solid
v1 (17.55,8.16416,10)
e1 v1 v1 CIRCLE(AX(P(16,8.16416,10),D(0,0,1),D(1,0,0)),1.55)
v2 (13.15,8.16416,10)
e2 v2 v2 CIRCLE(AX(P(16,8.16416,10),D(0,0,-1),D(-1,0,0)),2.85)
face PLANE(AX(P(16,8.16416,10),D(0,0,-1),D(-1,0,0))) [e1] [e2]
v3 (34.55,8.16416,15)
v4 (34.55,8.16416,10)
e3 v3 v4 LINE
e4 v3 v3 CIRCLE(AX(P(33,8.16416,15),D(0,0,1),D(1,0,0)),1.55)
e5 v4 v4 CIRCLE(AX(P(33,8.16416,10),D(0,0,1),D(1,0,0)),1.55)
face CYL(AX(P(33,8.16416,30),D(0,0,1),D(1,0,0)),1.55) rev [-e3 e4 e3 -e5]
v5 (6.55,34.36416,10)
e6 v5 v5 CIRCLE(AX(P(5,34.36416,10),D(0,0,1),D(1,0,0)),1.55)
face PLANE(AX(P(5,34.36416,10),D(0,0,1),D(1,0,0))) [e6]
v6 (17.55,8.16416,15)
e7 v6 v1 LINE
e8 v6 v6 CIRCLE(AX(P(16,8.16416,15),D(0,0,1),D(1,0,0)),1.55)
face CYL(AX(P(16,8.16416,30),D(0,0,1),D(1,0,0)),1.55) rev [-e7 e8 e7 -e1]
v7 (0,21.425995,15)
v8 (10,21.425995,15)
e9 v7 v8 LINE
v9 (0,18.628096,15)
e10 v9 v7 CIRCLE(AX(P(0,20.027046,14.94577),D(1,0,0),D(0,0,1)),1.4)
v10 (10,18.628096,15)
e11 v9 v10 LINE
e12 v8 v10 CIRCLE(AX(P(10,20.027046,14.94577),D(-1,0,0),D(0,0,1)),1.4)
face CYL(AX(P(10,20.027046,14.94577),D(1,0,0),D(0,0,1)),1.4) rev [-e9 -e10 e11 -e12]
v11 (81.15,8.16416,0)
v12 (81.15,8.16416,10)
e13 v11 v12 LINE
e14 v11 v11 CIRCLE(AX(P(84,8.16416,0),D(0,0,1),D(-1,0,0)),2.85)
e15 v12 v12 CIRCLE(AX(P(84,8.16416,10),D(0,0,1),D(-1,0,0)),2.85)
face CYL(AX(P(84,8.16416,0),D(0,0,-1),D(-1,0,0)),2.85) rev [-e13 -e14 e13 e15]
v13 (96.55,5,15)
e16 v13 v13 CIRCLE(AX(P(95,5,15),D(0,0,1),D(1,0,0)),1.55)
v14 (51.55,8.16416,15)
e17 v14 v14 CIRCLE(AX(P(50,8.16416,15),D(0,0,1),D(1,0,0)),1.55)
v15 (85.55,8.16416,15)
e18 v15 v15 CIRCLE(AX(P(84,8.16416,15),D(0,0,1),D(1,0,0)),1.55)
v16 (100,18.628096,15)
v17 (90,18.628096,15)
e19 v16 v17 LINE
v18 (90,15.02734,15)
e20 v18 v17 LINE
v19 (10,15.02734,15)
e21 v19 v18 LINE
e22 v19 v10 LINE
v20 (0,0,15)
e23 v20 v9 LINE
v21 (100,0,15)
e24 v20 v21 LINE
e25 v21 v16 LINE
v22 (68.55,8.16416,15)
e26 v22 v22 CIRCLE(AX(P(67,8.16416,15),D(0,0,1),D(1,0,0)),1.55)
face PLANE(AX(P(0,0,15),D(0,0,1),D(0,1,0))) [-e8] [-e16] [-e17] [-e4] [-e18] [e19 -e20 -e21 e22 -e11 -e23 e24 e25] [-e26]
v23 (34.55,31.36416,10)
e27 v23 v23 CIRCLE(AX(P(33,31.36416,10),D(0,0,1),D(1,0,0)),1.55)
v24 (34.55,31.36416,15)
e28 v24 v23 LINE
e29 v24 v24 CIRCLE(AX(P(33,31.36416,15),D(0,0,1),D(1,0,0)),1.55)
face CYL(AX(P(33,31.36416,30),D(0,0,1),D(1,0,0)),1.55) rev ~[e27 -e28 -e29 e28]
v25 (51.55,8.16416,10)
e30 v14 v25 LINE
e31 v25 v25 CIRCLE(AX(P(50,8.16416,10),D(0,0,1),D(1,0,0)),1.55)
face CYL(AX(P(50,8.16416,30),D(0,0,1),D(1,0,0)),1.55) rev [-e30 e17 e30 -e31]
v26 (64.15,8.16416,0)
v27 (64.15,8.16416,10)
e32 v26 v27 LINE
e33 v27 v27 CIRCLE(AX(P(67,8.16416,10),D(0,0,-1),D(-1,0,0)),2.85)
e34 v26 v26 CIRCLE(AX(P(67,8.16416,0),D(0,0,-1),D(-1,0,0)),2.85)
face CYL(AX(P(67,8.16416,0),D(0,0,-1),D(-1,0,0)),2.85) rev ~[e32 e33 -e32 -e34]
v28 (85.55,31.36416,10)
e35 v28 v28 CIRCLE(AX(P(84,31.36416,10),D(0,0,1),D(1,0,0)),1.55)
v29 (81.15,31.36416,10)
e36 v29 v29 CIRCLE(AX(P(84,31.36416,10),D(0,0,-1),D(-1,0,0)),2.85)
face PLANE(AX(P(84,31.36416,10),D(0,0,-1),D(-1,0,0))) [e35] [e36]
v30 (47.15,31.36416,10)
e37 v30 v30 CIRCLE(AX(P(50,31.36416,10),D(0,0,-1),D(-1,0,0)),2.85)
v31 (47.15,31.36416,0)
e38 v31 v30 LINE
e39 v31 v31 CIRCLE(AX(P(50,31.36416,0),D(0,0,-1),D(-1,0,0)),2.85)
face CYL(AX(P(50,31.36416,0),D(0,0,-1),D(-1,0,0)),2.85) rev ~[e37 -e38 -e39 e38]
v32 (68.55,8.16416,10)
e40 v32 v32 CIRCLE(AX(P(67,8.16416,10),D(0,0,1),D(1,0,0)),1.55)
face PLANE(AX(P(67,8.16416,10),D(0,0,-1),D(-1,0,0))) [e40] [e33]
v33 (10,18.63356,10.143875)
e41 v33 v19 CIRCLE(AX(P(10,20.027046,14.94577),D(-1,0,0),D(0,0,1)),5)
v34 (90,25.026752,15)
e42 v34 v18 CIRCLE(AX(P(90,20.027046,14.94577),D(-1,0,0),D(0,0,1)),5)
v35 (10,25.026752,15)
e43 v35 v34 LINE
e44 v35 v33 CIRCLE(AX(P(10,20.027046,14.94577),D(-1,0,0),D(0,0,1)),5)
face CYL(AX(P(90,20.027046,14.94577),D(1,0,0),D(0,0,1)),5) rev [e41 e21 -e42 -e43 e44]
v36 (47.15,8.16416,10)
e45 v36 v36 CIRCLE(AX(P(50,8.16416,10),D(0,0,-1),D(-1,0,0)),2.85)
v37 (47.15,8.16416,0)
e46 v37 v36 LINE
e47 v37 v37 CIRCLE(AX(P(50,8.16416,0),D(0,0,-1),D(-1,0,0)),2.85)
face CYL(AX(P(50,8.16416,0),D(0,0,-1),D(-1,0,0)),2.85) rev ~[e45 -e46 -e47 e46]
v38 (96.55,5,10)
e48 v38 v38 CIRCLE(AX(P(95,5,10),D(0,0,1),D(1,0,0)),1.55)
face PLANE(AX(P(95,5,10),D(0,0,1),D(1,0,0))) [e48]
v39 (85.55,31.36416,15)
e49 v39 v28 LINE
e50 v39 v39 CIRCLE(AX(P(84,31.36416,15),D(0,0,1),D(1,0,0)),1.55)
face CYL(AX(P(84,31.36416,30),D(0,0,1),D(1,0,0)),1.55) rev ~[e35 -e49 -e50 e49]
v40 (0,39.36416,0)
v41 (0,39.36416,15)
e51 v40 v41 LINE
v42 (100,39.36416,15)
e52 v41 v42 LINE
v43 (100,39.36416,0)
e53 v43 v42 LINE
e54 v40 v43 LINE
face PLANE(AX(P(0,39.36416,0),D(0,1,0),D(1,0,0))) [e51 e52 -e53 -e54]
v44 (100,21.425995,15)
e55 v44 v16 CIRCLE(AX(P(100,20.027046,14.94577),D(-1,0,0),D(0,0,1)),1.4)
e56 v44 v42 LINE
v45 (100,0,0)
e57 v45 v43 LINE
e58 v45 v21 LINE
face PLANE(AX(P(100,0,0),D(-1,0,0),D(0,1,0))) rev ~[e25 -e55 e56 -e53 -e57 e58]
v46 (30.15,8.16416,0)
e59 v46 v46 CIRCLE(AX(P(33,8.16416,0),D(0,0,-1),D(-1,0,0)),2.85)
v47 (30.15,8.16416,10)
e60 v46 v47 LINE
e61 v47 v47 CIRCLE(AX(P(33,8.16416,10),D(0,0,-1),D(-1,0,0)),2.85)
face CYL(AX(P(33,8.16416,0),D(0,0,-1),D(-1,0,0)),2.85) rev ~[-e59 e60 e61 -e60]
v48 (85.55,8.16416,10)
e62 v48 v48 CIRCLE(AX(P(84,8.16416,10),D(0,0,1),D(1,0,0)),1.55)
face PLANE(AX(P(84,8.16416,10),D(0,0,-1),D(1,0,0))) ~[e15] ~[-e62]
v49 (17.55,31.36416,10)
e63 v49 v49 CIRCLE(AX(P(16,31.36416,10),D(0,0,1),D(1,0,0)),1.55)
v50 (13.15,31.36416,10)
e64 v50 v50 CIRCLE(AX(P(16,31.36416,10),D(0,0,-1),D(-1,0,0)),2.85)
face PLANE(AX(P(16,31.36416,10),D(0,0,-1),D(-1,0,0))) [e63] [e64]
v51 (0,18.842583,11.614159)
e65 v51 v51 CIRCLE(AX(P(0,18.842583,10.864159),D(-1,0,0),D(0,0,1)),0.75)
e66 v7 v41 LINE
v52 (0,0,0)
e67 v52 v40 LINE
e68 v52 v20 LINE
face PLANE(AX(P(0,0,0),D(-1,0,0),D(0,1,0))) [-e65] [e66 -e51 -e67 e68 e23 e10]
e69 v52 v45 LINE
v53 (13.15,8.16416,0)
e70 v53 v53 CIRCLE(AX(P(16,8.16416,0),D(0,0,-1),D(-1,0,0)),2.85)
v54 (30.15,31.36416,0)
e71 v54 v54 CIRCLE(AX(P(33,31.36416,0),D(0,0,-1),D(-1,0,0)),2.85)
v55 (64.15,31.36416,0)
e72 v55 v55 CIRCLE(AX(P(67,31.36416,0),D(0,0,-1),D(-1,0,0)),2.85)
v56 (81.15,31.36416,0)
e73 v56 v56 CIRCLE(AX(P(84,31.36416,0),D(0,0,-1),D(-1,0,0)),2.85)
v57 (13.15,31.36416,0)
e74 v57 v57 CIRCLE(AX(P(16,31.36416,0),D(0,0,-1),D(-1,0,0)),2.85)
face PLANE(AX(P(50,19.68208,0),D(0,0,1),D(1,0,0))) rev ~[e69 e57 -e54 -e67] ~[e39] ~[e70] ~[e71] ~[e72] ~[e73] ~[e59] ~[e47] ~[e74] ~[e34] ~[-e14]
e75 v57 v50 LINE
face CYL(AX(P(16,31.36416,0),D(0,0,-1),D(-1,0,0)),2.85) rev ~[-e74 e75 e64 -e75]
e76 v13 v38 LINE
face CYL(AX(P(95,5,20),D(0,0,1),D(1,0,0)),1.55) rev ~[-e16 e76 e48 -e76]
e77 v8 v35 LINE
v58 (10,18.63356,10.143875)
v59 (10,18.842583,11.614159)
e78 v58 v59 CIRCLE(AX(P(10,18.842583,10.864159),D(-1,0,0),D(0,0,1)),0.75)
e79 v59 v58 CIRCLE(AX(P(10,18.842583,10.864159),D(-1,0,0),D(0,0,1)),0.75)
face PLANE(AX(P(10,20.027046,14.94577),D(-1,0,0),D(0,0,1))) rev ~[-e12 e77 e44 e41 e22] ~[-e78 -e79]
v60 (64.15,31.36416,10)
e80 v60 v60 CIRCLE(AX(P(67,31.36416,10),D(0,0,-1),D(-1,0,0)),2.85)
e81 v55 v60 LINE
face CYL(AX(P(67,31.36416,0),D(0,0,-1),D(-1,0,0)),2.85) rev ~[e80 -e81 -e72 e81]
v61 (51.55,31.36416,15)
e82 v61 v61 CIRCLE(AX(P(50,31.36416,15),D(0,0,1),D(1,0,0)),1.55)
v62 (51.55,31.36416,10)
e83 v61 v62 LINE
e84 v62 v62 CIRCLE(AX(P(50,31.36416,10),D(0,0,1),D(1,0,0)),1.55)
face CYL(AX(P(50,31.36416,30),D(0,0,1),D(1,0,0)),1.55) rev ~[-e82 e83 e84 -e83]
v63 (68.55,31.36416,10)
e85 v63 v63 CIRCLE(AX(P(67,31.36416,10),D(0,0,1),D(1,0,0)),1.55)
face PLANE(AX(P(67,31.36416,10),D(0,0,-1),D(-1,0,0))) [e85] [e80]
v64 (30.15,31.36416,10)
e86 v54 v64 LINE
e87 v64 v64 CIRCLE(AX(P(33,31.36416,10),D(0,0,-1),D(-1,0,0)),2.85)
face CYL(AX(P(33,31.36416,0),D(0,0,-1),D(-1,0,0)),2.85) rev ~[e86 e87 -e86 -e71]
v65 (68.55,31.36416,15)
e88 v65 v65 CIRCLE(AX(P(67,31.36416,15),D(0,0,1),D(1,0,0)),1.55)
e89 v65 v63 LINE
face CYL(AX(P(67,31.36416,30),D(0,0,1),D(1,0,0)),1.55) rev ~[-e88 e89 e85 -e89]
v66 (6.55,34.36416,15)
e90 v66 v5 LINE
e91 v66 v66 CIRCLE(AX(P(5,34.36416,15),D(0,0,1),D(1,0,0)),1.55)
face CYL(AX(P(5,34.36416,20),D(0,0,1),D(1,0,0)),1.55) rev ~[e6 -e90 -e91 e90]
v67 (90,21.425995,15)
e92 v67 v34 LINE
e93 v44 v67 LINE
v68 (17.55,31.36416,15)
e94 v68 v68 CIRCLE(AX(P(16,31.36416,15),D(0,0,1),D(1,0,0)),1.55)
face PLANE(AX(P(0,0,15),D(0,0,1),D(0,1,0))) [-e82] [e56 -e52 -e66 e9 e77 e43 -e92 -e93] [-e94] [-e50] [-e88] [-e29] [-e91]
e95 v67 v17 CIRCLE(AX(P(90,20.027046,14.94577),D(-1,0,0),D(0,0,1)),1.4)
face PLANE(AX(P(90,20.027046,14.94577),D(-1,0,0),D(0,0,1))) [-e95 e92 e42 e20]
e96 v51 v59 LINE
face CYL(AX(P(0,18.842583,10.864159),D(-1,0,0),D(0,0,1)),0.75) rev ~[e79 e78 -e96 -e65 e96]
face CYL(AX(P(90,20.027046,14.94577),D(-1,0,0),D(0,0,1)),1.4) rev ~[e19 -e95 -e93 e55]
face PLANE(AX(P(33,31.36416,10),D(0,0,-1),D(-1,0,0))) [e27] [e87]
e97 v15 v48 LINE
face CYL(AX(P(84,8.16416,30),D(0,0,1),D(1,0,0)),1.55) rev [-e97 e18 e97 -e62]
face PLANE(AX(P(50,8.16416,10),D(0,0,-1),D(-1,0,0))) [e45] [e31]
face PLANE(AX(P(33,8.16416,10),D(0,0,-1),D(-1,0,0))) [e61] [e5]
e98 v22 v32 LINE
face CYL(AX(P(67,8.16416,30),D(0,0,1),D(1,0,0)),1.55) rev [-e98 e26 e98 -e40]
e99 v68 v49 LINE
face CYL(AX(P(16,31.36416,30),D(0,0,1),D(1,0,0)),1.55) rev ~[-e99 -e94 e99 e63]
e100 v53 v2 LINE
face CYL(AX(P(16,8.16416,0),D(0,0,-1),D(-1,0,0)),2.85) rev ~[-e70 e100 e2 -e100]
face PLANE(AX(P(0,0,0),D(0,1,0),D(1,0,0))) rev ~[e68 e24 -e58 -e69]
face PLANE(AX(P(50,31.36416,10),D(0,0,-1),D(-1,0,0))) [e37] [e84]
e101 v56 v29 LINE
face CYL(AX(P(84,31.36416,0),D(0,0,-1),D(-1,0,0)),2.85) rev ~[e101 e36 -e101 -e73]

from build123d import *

# Parameters (mm, degrees)
SKIZZE2_W                            = 100
SKIZZE2_H                            = 39.364160046
AUFSATZ_LINEAR_AUSTRAGEN1_DEPTH      = 30
SCHNITT_LINEAR_AUSTRAGEN1_DEPTH      = 40
SCHNITT_LINEAR_AUSTRAGEN1_DEPTH_BACK = 40
SKIZZE10_R                           = 5
SKIZZE17_R                           = 1.4
SCHNITT_LINEAR_AUSTRAGEN2_DEPTH      = 103.710939516
SKIZZE24_R                           = 1.55
SCHNITT_LINEAR_AUSTRAGEN4_DEPTH      = 112.577493681
SKIZZE37_R                           = 0.736865544
SCHNITT_LINEAR_AUSTRAGEN9_DEPTH      = 112.577493681
SKIZZE40_R                           = 2.1
SCHNITT_LINEAR_AUSTRAGEN10_DEPTH     = 6
SKIZZE42_R                           = 0.75
SCHNITT_LINEAR_AUSTRAGEN12_DEPTH     = 10
VERRUNDUNG1_R                        = 1
SKIZZE46_R                           = 2.85
SCHNITT_LINEAR_AUSTRAGEN15_DEPTH     = 10
SCHNITT_LINEAR_START                 = -5
SCHNITT_LINEAR_AUSTRAGEN25_DEPTH     = 2.7
LINEARES_MUSTER1_COUNT               = 5
LINEARES_MUSTER1_PITCH               = 17
SPIEGELN2_COPY_1_SKETCH_R            = 2.85
SPIEGELN2_COPY_1_DEPTH               = 10
SPIEGELN2_COPY_2_SKETCH_R            = 2.85
SPIEGELN2_COPY_2_DEPTH               = 10
SPIEGELN2_COPY_3_SKETCH_R            = 2.85
SPIEGELN2_COPY_3_DEPTH               = 10
SPIEGELN2_COPY_4_SKETCH_R            = 2.85
SPIEGELN2_COPY_4_DEPTH               = 10
SPIEGELN2_START                      = -5
SPIEGELN2_COPY_5_DEPTH               = 2.7
SPIEGELN2_COPY_6_DEPTH               = 2.7
SPIEGELN2_COPY_7_DEPTH               = 2.7
SPIEGELN2_COPY_8_DEPTH               = 2.7
SCHNITT_LINEAR_START_2               = -10
SKIZZE51_R                           = 1.55
SCHNITT_LINEAR_AUSTRAGEN26_DEPTH     = 10
SKIZZE52_W                           = 15
SKIZZE52_H                           = 39.364160046
SCHNITT_LINEAR_AUSTRAGEN27_DEPTH     = 112.577493681


with BuildPart() as part:
    # Skizze2 → Aufsatz-Linear austragen1 (new body)
    with BuildSketch(Plane.XY):
        with Locations((50, 19.682080023)):
            Rectangle(SKIZZE2_W, SKIZZE2_H)
    extrude(amount=AUFSATZ_LINEAR_AUSTRAGEN1_DEPTH)

    # Skizze10 → Schnitt-Linear austragen1 (cut, two sides: drawn at the far end of the back side and taken through both)
    with BuildSketch(Plane.ZY.offset(-50).offset(-SCHNITT_LINEAR_AUSTRAGEN1_DEPTH_BACK)):
        with Locations((14.945770016, 20.027045739)):
            Circle(SKIZZE10_R)
    extrude(amount=SCHNITT_LINEAR_AUSTRAGEN1_DEPTH + SCHNITT_LINEAR_AUSTRAGEN1_DEPTH_BACK, mode=Mode.SUBTRACT)

    # Skizze17 → Schnitt-Linear austragen2 (cut, through all)
    with BuildSketch(Plane.ZY.offset(-90)):
        with Locations((14.945770016, 20.027045739)):
            Circle(SKIZZE17_R)
    schnitt_linear_austragen2 = extrude(amount=-SCHNITT_LINEAR_AUSTRAGEN2_DEPTH, mode=Mode.SUBTRACT)

    # Spiegeln1: Schnitt-Linear austragen2 across plane
    add(schnitt_linear_austragen2.mirror(Plane.ZY.offset(-50)), mode=Mode.SUBTRACT)

    # Skizze24 → Schnitt-Linear austragen4 (cut, through all)
    with BuildSketch(Plane.XY.offset(30)):
        with Locations((16, 31.364160046)):
            Circle(SKIZZE24_R)
        with Locations((33, 31.364160046)):
            Circle(SKIZZE24_R)
        with Locations((50, 31.364160046)):
            Circle(SKIZZE24_R)
        with Locations((67, 31.364160046)):
            Circle(SKIZZE24_R)
        with Locations((84, 31.364160046)):
            Circle(SKIZZE24_R)
    schnitt_linear_austragen4 = extrude(amount=-SCHNITT_LINEAR_AUSTRAGEN4_DEPTH, mode=Mode.SUBTRACT)

    # Skizze37 → Schnitt-Linear austragen9 (cut, through all)
    with BuildSketch(Plane(origin=(100, 0, 0), x_dir=(0, 0, -1), z_dir=(1, 0, 0))):
        with Locations((-18.924590299, 18.633559666)):
            Circle(SKIZZE37_R)
    extrude(amount=-SCHNITT_LINEAR_AUSTRAGEN9_DEPTH, mode=Mode.SUBTRACT)

    # Skizze40 → Schnitt-Linear austragen10 (cut)
    with BuildSketch(Plane(origin=(100, 0, 0), x_dir=(0, 0, -1), z_dir=(1, 0, 0))):
        with Locations((-18.924590299, 18.633559666)):
            Circle(SKIZZE40_R)
    extrude(amount=-SCHNITT_LINEAR_AUSTRAGEN10_DEPTH, mode=Mode.SUBTRACT)

    # Skizze42 → Schnitt-Linear austragen12 (cut)
    with BuildSketch(Plane.ZY):
        with Locations((10.86415918, 18.842582577)):
            Circle(SKIZZE42_R)
    extrude(amount=-SCHNITT_LINEAR_AUSTRAGEN12_DEPTH, mode=Mode.SUBTRACT)

    # Verrundung1
    verrundung1_edges = [part.edges().sort_by_distance(p)[0] for p in [
        (94, 18.633559666, 19.661455843),
    ]]
    fillet(verrundung1_edges, radius=VERRUNDUNG1_R)

    # Skizze46 → Schnitt-Linear austragen15 (cut)
    with BuildSketch(Plane(origin=(0, 0, 0), x_dir=(-1, 0, 0), z_dir=(0, 0, -1))):
        with Locations((-84, 31.364160046)):
            Circle(SKIZZE46_R)
    schnitt_linear_austragen15 = extrude(amount=-SCHNITT_LINEAR_AUSTRAGEN15_DEPTH, mode=Mode.SUBTRACT)

    # Skizze50 → Schnitt-Linear austragen25 (cut)
    with BuildSketch(Plane.XY.offset(30).offset(SCHNITT_LINEAR_START)):
        Polygon((81.15, 33.009608314), (81.15, 39.364160046), (86.85, 39.364160046), (86.85, 33.009608314), (86.85, 29.718711779), (84, 28.073263512), (81.15, 29.718711779), align=None)
    schnitt_linear_austragen25 = extrude(amount=-SCHNITT_LINEAR_AUSTRAGEN25_DEPTH, mode=Mode.SUBTRACT)

    # Lineares Muster1: Schnitt-Linear austragen15, Schnitt-Linear austragen25 ×5
    with Locations(*[(-i * LINEARES_MUSTER1_PITCH, 0, 0) for i in range(1, LINEARES_MUSTER1_COUNT)]):
        add(schnitt_linear_austragen15, mode=Mode.SUBTRACT)
        add(schnitt_linear_austragen25, mode=Mode.SUBTRACT)

    # Spiegeln2: Schnitt-Linear austragen15, Schnitt-Linear austragen25 across plane
    add(schnitt_linear_austragen15.mirror(Plane.ZX.offset(19.764160046)), mode=Mode.SUBTRACT)
    add(schnitt_linear_austragen25.mirror(Plane.ZX.offset(19.764160046)), mode=Mode.SUBTRACT)

    # Spiegeln2 copy 1 sketch → Spiegeln2 copy 1 (cut)
    with BuildSketch(Plane(origin=(-17, 39.528320093, 0), x_dir=(-1, 0, 0), z_dir=(0, 0, -1))):
        with Locations((-84, -31.364160046)):
            Circle(SPIEGELN2_COPY_1_SKETCH_R)
    extrude(amount=-SPIEGELN2_COPY_1_DEPTH, mode=Mode.SUBTRACT)

    # Spiegeln2 copy 2 sketch → Spiegeln2 copy 2 (cut)
    with BuildSketch(Plane(origin=(-34, 39.528320093, 0), x_dir=(-1, 0, 0), z_dir=(0, 0, -1))):
        with Locations((-84, -31.364160046)):
            Circle(SPIEGELN2_COPY_2_SKETCH_R)
    extrude(amount=-SPIEGELN2_COPY_2_DEPTH, mode=Mode.SUBTRACT)

    # Spiegeln2 copy 3 sketch → Spiegeln2 copy 3 (cut)
    with BuildSketch(Plane(origin=(-51, 39.528320093, 0), x_dir=(-1, 0, 0), z_dir=(0, 0, -1))):
        with Locations((-84, -31.364160046)):
            Circle(SPIEGELN2_COPY_3_SKETCH_R)
    extrude(amount=-SPIEGELN2_COPY_3_DEPTH, mode=Mode.SUBTRACT)

    # Spiegeln2 copy 4 sketch → Spiegeln2 copy 4 (cut)
    with BuildSketch(Plane(origin=(-68, 39.528320093, 0), x_dir=(-1, 0, 0), z_dir=(0, 0, -1))):
        with Locations((-84, -31.364160046)):
            Circle(SPIEGELN2_COPY_4_SKETCH_R)
    extrude(amount=-SPIEGELN2_COPY_4_DEPTH, mode=Mode.SUBTRACT)

    # Spiegeln2 copy 5 sketch → Spiegeln2 copy 5 (cut)
    with BuildSketch(Plane(origin=(-17, 39.528320093, 30), x_dir=(1, 0, 0), z_dir=(0, 0, 1)).offset(SPIEGELN2_START)):
        Polygon((81.15, -33.009608314), (81.15, -39.364160046), (86.85, -39.364160046), (86.85, -33.009608314), (86.85, -29.718711779), (84, -28.073263512), (81.15, -29.718711779), align=None)
    extrude(amount=-SPIEGELN2_COPY_5_DEPTH, mode=Mode.SUBTRACT)

    # Spiegeln2 copy 6 sketch → Spiegeln2 copy 6 (cut)
    with BuildSketch(Plane(origin=(-34, 39.528320093, 30), x_dir=(1, 0, 0), z_dir=(0, 0, 1)).offset(SPIEGELN2_START)):
        Polygon((81.15, -33.009608314), (81.15, -39.364160046), (86.85, -39.364160046), (86.85, -33.009608314), (86.85, -29.718711779), (84, -28.073263512), (81.15, -29.718711779), align=None)
    extrude(amount=-SPIEGELN2_COPY_6_DEPTH, mode=Mode.SUBTRACT)

    # Spiegeln2 copy 7 sketch → Spiegeln2 copy 7 (cut)
    with BuildSketch(Plane(origin=(-51, 39.528320093, 30), x_dir=(1, 0, 0), z_dir=(0, 0, 1)).offset(SPIEGELN2_START)):
        Polygon((81.15, -33.009608314), (81.15, -39.364160046), (86.85, -39.364160046), (86.85, -33.009608314), (86.85, -29.718711779), (84, -28.073263512), (81.15, -29.718711779), align=None)
    extrude(amount=-SPIEGELN2_COPY_7_DEPTH, mode=Mode.SUBTRACT)

    # Spiegeln2 copy 8 sketch → Spiegeln2 copy 8 (cut)
    with BuildSketch(Plane(origin=(-68, 39.528320093, 30), x_dir=(1, 0, 0), z_dir=(0, 0, 1)).offset(SPIEGELN2_START)):
        Polygon((81.15, -33.009608314), (81.15, -39.364160046), (86.85, -39.364160046), (86.85, -33.009608314), (86.85, -29.718711779), (84, -28.073263512), (81.15, -29.718711779), align=None)
    extrude(amount=-SPIEGELN2_COPY_8_DEPTH, mode=Mode.SUBTRACT)

    # Spiegeln3: Schnitt-Linear austragen4 across plane
    add(schnitt_linear_austragen4.mirror(Plane.ZX.offset(19.764160046)), mode=Mode.SUBTRACT)

    # Skizze51 → Schnitt-Linear austragen26 (cut)
    with BuildSketch(Plane.XY.offset(30).offset(SCHNITT_LINEAR_START_2)):
        with Locations((5, 34.364160046)):
            Circle(SKIZZE51_R)
        with Locations((95, 5)):
            Circle(SKIZZE51_R)
    extrude(amount=-SCHNITT_LINEAR_AUSTRAGEN26_DEPTH, mode=Mode.SUBTRACT)

    # Skizze52 → Schnitt-Linear austragen27 (cut, through all)
    with BuildSketch(Plane.ZY):
        with Locations((22.5, 19.682080023)):
            Rectangle(SKIZZE52_W, SKIZZE52_H)
    extrude(amount=-SCHNITT_LINEAR_AUSTRAGEN27_DEPTH, mode=Mode.SUBTRACT)


solid = part.part
